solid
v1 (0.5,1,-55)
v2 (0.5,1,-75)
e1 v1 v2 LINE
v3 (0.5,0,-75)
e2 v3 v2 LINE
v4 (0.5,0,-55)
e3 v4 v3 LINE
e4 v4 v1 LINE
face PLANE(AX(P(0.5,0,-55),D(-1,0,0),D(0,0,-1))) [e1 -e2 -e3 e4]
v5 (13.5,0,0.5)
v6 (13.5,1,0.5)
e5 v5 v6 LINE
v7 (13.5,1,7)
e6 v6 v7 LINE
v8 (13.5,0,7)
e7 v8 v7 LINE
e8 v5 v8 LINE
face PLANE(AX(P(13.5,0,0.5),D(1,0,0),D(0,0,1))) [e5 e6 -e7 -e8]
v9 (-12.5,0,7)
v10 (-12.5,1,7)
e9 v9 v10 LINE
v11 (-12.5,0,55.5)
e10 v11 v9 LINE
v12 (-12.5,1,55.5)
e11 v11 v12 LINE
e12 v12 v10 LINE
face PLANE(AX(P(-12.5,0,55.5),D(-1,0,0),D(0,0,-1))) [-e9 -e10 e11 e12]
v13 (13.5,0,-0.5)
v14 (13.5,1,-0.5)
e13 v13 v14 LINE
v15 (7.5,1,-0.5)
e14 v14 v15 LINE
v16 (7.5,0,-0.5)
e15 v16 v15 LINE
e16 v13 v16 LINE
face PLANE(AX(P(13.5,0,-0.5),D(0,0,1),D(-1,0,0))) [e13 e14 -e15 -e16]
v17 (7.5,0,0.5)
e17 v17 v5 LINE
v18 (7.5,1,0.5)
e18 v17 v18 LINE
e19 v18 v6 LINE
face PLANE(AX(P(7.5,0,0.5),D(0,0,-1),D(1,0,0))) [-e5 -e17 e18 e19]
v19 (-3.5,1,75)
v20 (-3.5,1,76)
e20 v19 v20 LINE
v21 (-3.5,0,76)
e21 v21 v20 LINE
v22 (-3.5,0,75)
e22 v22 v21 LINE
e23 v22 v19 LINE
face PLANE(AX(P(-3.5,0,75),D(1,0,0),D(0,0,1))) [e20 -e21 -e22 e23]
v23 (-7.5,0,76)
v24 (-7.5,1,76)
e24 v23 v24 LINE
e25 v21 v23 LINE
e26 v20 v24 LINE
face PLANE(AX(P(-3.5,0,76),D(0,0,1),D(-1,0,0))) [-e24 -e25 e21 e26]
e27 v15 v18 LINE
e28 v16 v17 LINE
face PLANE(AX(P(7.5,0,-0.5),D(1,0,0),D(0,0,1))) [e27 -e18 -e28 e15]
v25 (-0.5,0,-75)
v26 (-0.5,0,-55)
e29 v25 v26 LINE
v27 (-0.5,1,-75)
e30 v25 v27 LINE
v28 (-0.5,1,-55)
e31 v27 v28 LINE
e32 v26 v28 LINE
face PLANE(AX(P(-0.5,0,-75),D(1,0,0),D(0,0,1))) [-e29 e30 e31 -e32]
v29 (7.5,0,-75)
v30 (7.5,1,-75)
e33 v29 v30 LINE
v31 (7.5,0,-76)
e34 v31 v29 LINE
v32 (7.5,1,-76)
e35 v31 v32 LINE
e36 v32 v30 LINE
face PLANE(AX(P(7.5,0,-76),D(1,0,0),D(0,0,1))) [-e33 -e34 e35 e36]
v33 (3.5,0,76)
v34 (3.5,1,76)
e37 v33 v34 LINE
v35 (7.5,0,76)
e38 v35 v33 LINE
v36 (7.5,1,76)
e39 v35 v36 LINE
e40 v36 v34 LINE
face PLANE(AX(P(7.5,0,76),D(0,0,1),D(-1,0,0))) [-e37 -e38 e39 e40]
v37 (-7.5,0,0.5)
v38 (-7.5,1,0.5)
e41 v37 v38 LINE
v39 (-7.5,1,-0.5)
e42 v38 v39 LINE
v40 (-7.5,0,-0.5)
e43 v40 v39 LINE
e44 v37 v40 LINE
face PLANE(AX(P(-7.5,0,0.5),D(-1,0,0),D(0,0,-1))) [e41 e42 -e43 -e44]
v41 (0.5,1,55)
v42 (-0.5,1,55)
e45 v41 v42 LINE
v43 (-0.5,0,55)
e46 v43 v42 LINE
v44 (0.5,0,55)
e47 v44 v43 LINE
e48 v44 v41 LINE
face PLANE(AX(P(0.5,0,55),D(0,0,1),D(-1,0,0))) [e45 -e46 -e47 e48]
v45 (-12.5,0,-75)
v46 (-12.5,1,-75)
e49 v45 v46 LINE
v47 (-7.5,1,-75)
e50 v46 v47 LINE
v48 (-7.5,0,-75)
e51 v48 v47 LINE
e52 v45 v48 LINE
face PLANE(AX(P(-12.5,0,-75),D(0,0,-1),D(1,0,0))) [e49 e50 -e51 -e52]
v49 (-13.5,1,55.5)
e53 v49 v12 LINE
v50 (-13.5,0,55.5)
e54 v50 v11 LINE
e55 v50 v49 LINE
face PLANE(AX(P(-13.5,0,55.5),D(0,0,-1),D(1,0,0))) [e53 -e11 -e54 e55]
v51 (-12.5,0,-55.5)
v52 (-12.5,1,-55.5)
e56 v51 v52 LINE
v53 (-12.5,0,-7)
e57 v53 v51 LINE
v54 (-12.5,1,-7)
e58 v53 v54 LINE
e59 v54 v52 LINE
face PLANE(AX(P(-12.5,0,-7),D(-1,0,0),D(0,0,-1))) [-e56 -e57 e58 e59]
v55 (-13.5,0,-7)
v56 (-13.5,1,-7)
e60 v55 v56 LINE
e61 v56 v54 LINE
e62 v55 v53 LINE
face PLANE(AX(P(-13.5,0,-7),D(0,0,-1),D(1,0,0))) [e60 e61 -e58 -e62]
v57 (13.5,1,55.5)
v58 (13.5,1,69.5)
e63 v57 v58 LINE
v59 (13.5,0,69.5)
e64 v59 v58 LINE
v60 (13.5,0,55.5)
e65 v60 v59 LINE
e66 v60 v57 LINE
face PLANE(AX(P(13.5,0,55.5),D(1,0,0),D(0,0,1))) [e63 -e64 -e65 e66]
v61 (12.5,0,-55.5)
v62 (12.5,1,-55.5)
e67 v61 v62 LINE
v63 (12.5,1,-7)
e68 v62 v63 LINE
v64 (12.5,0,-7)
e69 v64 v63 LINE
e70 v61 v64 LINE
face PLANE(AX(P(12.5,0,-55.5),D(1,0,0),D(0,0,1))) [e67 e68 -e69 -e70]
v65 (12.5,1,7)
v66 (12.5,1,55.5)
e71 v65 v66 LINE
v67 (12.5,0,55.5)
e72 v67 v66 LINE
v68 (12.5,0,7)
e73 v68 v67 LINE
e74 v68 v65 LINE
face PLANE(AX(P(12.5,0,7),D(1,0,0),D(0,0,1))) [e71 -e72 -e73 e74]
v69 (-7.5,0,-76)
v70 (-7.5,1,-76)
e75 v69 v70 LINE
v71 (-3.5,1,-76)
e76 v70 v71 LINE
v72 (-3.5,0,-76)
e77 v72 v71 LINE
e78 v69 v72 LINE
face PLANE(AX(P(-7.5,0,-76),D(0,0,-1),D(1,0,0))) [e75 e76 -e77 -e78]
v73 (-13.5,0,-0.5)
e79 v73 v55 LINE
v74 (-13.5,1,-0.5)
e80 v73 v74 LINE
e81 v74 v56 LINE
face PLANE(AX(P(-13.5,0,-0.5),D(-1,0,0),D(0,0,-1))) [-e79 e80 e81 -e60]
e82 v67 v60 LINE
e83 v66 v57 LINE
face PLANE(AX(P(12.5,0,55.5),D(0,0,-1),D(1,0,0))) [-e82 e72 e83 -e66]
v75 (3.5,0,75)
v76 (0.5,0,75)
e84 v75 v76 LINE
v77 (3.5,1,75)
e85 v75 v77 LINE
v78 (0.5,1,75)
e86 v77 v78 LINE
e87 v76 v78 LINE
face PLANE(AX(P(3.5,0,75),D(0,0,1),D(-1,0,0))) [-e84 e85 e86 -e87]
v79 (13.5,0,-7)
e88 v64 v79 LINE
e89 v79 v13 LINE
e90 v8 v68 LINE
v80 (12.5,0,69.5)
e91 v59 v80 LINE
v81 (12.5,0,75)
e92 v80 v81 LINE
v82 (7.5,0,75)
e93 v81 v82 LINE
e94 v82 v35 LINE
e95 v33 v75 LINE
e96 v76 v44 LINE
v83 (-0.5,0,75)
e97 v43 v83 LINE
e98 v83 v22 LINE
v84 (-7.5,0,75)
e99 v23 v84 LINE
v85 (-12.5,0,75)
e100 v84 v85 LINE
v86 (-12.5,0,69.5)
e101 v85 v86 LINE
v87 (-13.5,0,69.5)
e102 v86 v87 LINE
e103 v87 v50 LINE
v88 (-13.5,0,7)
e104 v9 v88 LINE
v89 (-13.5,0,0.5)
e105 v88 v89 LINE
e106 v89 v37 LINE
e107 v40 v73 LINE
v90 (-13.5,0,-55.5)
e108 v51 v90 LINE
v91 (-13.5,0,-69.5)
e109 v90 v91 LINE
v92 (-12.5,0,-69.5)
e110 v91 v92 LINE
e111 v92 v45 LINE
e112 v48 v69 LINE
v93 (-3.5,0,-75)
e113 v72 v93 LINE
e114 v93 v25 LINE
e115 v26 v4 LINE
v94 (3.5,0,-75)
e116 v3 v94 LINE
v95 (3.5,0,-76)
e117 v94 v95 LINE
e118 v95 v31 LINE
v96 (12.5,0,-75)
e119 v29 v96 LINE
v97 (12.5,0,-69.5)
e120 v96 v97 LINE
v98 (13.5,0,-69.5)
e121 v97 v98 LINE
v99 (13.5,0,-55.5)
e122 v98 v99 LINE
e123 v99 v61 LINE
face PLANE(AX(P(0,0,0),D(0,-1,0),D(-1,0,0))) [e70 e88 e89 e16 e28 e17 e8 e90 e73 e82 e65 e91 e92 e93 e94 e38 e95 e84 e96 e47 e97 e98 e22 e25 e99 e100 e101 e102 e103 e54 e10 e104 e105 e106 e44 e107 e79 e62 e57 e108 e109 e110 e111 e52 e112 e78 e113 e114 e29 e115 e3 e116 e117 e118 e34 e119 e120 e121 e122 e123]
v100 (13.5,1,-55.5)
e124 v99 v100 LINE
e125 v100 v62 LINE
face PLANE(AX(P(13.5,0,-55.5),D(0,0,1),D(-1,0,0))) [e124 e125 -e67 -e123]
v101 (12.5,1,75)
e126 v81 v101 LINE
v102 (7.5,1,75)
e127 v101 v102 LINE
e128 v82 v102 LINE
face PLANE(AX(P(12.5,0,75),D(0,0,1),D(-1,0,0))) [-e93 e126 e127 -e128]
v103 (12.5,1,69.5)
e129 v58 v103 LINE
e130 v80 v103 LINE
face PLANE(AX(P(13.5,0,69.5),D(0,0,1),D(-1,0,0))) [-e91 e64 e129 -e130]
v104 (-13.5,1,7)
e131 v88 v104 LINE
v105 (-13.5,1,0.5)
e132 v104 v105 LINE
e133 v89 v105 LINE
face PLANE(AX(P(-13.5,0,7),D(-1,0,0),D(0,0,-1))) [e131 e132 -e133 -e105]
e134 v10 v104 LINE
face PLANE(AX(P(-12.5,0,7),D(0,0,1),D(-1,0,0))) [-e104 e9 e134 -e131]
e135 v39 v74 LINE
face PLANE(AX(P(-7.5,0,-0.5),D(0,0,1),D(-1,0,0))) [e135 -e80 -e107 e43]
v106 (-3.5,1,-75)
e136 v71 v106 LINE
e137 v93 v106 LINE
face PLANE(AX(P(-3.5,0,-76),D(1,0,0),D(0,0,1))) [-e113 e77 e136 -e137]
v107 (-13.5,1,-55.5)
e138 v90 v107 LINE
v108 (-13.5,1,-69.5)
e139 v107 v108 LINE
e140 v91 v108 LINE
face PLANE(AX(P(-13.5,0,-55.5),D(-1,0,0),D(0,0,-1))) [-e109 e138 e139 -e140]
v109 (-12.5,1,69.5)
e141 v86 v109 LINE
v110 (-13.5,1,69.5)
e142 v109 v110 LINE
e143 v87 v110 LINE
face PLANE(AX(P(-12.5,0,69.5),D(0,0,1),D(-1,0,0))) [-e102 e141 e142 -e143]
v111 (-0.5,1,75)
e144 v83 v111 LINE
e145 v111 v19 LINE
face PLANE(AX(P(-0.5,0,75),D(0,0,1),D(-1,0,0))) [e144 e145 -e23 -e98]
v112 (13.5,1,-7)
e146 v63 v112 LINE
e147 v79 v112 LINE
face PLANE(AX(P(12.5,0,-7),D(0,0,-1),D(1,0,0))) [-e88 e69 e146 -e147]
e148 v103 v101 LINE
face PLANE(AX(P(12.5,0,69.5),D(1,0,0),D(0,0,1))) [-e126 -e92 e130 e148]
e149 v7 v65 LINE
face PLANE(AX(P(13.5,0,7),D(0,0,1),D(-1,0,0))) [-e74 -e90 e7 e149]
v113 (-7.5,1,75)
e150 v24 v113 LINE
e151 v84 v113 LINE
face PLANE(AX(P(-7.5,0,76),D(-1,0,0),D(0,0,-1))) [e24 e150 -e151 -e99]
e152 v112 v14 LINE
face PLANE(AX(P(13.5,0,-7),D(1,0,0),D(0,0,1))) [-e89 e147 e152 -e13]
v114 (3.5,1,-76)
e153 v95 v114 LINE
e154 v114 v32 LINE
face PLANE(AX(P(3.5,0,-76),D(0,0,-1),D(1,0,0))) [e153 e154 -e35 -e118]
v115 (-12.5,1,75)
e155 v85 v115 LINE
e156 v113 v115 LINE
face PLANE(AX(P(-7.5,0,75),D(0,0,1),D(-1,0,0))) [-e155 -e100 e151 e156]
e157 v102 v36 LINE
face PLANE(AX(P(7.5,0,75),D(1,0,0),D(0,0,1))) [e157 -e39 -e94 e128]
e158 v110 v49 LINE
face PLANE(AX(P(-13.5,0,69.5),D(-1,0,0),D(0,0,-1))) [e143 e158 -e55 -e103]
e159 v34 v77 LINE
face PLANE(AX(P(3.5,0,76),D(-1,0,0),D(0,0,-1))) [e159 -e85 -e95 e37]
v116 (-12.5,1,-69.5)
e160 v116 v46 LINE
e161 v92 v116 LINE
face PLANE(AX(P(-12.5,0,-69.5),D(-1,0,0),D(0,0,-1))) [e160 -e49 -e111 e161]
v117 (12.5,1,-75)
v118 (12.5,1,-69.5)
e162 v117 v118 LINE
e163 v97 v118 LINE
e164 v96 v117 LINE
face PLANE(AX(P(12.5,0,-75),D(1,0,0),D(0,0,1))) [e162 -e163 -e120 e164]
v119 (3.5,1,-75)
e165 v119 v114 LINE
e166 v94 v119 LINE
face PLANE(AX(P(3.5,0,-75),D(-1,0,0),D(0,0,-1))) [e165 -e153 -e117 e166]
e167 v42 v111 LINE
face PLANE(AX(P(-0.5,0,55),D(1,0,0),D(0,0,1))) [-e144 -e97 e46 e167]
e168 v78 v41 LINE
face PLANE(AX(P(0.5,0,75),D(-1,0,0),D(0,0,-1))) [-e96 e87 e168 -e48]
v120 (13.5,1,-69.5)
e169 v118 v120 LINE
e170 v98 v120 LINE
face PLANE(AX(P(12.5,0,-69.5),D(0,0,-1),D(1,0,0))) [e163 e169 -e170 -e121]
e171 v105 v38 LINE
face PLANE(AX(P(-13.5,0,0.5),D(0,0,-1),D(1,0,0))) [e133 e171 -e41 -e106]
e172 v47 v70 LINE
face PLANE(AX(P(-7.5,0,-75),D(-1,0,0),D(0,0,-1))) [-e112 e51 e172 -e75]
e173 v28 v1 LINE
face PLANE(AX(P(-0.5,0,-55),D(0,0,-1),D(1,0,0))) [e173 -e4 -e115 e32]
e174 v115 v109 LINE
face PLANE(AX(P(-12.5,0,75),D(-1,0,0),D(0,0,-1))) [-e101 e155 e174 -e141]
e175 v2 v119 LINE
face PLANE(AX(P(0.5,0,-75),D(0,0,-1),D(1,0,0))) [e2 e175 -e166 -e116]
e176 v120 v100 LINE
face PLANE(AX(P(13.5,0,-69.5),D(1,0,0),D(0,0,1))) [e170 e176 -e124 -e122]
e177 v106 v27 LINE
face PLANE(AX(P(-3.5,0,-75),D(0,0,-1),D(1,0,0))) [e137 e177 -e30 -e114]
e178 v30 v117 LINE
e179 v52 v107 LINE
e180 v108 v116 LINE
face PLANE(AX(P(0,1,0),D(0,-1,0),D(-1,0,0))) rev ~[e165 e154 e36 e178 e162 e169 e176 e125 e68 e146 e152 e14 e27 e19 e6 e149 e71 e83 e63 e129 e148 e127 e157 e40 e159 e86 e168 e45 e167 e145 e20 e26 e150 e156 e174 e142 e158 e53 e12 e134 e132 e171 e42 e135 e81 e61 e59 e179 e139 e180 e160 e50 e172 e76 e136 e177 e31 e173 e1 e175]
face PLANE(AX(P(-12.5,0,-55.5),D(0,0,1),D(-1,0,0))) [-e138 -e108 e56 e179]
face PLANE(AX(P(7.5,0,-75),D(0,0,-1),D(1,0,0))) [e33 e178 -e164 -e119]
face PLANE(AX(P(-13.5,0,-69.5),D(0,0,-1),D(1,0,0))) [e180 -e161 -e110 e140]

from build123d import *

# Parameters (mm, degrees)
BOSS_EXTRUDE1_DEPTH = 1


with BuildPart() as part:
    # Sketch1 → Boss-Extrude1 (new body)
    with BuildSketch(Plane(origin=(0, 0, 0), x_dir=(1, 0, 0), z_dir=(0, 1, 0))):
        Polygon((-12.5, 75), (-7.5, 75), (-7.5, 76), (-3.5, 76), (-3.5, 75), (-0.5, 75), (-0.5, 55), (0.5, 55), (0.5, 75), (3.5, 75), (3.5, 76), (7.5, 76), (7.5, 75), (12.5, 75), (12.5, 69.5), (13.5, 69.5), (13.5, 55.5), (12.5, 55.5), (12.5, 7), (13.5, 7), (13.5, 0.5), (7.5, 0.5), (7.5, -0.5), (13.5, -0.5), (13.5, -7), (12.5, -7), (12.5, -55.5), (13.5, -55.5), (13.5, -69.5), (12.5, -69.5), (12.5, -75), (7.5, -75), (7.5, -76), (3.5, -76), (3.5, -75), (0.5, -75), (0.5, -55), (-0.5, -55), (-0.5, -75), (-3.5, -75), (-3.5, -76), (-7.5, -76), (-7.5, -75), (-12.5, -75), (-12.5, -69.5), (-13.5, -69.5), (-13.5, -55.5), (-12.5, -55.5), (-12.5, -7), (-13.5, -7), (-13.5, -0.5), (-7.5, -0.5), (-7.5, 0.5), (-13.5, 0.5), (-13.5, 7), (-12.5, 7), (-12.5, 55.5), (-13.5, 55.5), (-13.5, 69.5), (-12.5, 69.5), align=None)
    extrude(amount=BOSS_EXTRUDE1_DEPTH)


solid = part.part
